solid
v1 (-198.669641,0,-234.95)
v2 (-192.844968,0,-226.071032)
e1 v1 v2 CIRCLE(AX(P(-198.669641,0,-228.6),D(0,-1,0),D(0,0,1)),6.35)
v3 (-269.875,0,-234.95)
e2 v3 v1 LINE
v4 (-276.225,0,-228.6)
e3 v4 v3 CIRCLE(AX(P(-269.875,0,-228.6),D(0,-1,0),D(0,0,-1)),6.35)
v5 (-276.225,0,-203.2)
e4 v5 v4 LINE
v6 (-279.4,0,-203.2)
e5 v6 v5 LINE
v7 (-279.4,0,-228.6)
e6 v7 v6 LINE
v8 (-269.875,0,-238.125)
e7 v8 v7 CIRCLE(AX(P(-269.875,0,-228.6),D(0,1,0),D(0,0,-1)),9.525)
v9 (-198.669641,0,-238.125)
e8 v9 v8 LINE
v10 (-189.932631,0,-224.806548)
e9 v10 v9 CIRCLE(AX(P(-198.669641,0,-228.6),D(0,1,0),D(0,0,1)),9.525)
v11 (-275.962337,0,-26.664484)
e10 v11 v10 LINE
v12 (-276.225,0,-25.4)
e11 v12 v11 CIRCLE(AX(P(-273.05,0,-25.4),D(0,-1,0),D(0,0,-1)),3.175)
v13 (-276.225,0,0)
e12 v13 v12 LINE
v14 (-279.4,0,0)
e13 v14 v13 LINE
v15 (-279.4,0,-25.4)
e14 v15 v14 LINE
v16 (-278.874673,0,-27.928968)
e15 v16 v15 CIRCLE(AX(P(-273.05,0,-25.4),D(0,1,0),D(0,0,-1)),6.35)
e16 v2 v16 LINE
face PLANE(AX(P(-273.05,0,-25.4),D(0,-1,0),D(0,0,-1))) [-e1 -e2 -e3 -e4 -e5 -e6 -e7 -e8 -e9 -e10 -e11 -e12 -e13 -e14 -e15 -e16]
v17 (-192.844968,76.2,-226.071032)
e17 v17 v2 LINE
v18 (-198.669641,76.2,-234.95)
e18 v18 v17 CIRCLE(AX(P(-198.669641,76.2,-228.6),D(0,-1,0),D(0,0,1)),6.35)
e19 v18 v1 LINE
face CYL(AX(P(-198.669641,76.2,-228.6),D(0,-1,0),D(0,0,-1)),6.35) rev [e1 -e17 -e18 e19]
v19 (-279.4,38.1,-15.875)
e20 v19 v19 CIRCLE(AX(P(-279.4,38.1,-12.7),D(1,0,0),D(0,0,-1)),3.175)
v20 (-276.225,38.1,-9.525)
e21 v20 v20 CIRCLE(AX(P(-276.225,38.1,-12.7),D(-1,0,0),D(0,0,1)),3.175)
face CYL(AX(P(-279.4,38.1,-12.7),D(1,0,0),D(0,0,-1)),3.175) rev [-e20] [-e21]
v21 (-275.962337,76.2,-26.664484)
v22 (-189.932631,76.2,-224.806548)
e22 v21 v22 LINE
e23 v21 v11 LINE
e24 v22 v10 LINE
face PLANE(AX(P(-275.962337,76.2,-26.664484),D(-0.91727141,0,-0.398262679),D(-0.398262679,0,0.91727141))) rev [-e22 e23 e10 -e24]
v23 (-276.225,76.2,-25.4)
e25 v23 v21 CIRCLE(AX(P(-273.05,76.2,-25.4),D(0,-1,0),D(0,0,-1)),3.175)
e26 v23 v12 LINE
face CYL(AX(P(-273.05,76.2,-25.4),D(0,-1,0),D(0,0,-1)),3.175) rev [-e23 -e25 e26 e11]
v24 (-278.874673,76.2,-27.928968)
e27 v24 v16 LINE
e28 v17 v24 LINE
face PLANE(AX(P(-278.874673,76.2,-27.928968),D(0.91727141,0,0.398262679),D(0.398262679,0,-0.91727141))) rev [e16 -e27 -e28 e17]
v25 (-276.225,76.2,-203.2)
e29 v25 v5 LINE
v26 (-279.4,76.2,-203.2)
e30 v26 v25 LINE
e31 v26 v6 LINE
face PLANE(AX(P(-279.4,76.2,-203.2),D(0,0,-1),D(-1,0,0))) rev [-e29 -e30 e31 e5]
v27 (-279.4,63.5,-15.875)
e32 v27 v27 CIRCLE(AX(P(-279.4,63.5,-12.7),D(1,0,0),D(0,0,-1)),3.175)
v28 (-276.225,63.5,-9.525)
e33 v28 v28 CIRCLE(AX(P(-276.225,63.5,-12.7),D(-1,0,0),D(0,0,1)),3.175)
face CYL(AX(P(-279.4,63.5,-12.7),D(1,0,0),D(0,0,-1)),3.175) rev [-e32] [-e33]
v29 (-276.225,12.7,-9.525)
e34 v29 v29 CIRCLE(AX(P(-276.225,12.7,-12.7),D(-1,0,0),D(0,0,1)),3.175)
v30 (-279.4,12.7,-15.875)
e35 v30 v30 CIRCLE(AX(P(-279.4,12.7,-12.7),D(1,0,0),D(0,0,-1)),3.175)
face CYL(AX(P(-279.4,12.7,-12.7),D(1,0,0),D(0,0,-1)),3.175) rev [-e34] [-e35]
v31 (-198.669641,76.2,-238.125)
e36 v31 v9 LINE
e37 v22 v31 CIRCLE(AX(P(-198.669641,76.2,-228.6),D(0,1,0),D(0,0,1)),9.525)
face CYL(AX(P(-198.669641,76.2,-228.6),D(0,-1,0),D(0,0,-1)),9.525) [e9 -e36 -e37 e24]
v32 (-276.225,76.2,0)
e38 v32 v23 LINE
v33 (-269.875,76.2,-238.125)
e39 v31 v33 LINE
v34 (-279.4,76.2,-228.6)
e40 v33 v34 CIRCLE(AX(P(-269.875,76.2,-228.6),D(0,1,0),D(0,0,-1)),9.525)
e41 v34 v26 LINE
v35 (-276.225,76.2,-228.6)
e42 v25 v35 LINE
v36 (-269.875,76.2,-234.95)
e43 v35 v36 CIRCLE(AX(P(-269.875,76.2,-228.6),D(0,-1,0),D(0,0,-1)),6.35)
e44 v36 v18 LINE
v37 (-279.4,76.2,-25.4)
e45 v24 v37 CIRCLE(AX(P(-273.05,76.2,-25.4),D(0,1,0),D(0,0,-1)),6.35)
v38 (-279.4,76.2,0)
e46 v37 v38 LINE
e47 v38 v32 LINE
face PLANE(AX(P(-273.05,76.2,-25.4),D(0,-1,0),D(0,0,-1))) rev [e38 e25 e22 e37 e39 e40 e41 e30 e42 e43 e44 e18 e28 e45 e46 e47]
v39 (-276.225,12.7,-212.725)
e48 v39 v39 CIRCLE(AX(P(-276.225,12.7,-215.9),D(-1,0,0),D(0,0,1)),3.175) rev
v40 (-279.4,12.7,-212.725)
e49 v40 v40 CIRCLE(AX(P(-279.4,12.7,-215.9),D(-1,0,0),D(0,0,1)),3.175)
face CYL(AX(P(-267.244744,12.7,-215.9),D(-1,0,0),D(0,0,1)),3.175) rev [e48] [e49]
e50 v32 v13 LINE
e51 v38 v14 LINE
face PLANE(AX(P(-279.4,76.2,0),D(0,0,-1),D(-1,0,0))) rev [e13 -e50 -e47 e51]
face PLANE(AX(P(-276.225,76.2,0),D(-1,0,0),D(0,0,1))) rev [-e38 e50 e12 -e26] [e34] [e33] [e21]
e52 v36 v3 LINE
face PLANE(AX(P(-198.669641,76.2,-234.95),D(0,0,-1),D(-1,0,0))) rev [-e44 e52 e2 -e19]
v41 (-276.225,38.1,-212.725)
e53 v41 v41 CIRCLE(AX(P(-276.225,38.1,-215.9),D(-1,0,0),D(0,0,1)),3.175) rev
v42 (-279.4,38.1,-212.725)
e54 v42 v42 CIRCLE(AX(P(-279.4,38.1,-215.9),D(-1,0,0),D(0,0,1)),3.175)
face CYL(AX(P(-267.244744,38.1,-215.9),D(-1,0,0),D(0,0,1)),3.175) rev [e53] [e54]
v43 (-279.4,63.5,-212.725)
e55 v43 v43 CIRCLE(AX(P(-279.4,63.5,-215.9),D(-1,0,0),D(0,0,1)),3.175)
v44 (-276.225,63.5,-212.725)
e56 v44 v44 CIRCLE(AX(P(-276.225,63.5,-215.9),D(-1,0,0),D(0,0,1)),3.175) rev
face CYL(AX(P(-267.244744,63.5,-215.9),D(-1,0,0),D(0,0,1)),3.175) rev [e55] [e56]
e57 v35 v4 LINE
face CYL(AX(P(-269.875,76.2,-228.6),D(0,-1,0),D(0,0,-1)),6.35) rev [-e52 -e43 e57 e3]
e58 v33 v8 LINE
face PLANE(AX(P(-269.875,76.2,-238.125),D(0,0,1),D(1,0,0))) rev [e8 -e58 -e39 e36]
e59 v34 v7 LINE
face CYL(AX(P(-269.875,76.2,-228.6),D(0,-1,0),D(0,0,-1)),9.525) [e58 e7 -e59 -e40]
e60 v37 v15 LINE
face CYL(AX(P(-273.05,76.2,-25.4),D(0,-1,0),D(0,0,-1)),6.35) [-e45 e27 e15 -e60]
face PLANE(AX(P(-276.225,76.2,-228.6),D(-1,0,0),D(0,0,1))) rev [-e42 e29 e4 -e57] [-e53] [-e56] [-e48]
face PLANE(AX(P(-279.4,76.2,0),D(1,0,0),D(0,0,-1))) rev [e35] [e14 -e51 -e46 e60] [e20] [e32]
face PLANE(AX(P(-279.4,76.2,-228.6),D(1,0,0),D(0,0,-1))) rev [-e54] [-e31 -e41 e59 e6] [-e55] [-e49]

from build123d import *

# Parameters (mm, degrees)
BOSS_EXTRUDE1_DEPTH     = 76.2
SKETCH2_R               = 3.175
CUT_EXTRUDE1_DEPTH      = 88.080358512
CUT_EXTRUDE1_DEPTH_BACK = 4.175
SKETCH4_R               = 3.175
CUT_EXTRUDE3_DEPTH      = 3.175


with BuildPart() as part:
    # Sketch1 → Boss-Extrude1 (new body)
    with BuildSketch(Plane(origin=(0, 0, 0), x_dir=(1, 0, 0), z_dir=(0, 1, 0))):
        with BuildLine():
            Line((-279.4, 0), (-279.4, 25.4))
            ThreePointArc((-279.4, 25.4), (-279.267281416, 26.691476594), (-278.874673451, 27.928968009))
            Line((-278.874673451, 27.928968009), (-192.844968037, 226.071031991))
            ThreePointArc((-192.844968037, 226.071031991), (-193.36014778, 232.083069992), (-198.669641488, 234.95))
            Line((-198.669641488, 234.95), (-269.875, 234.95))
            ThreePointArc((-269.875, 234.95), (-274.365128061, 233.090128061), (-276.225, 228.6))
            Line((-276.225, 228.6), (-276.225, 203.2))
            Line((-276.225, 203.2), (-279.4, 203.2))
            Line((-279.4, 203.2), (-279.4, 228.6))
            ThreePointArc((-279.4, 228.6), (-276.610192091, 235.335192091), (-269.875, 238.125))
            Line((-269.875, 238.125), (-198.669641488, 238.125))
            ThreePointArc((-198.669641488, 238.125), (-190.705400927, 233.824604988), (-189.932631312, 224.806547986))
            Line((-189.932631312, 224.806547986), (-275.962336725, 26.664484005))
            ThreePointArc((-275.962336725, 26.664484005), (-276.158640708, 26.045738297), (-276.225, 25.4))
            Line((-276.225, 25.4), (-276.225, 0))
            Line((-276.225, 0), (-279.4, 0))
        make_face()
    extrude(amount=BOSS_EXTRUDE1_DEPTH)

    # Sketch2 → Cut-Extrude1 (cut, two sides)
    with BuildSketch(Plane(origin=(-276.225, 0, 0), x_dir=(0, 0, -1), z_dir=(1, 0, 0))) as cut_extrude1_sk:
        with Locations((12.7, 63.5)):
            Circle(SKETCH2_R)
        with Locations((12.7, 12.7)):
            Circle(SKETCH2_R)
        with Locations((12.7, 38.1)):
            Circle(SKETCH2_R)
    extrude(amount=CUT_EXTRUDE1_DEPTH, mode=Mode.SUBTRACT)
    extrude(cut_extrude1_sk.sketch, amount=-CUT_EXTRUDE1_DEPTH_BACK, mode=Mode.SUBTRACT)

    # Sketch4 → Cut-Extrude3 (cut)
    with BuildSketch(Plane.ZY.offset(279.4)):
        with Locations((-215.9, 38.1)):
            Circle(SKETCH4_R)
        with Locations((-215.9, 63.5)):
            Circle(SKETCH4_R)
        with Locations((-215.9, 12.7)):
            Circle(SKETCH4_R)
    extrude(amount=-CUT_EXTRUDE3_DEPTH, mode=Mode.SUBTRACT)


solid = part.part
